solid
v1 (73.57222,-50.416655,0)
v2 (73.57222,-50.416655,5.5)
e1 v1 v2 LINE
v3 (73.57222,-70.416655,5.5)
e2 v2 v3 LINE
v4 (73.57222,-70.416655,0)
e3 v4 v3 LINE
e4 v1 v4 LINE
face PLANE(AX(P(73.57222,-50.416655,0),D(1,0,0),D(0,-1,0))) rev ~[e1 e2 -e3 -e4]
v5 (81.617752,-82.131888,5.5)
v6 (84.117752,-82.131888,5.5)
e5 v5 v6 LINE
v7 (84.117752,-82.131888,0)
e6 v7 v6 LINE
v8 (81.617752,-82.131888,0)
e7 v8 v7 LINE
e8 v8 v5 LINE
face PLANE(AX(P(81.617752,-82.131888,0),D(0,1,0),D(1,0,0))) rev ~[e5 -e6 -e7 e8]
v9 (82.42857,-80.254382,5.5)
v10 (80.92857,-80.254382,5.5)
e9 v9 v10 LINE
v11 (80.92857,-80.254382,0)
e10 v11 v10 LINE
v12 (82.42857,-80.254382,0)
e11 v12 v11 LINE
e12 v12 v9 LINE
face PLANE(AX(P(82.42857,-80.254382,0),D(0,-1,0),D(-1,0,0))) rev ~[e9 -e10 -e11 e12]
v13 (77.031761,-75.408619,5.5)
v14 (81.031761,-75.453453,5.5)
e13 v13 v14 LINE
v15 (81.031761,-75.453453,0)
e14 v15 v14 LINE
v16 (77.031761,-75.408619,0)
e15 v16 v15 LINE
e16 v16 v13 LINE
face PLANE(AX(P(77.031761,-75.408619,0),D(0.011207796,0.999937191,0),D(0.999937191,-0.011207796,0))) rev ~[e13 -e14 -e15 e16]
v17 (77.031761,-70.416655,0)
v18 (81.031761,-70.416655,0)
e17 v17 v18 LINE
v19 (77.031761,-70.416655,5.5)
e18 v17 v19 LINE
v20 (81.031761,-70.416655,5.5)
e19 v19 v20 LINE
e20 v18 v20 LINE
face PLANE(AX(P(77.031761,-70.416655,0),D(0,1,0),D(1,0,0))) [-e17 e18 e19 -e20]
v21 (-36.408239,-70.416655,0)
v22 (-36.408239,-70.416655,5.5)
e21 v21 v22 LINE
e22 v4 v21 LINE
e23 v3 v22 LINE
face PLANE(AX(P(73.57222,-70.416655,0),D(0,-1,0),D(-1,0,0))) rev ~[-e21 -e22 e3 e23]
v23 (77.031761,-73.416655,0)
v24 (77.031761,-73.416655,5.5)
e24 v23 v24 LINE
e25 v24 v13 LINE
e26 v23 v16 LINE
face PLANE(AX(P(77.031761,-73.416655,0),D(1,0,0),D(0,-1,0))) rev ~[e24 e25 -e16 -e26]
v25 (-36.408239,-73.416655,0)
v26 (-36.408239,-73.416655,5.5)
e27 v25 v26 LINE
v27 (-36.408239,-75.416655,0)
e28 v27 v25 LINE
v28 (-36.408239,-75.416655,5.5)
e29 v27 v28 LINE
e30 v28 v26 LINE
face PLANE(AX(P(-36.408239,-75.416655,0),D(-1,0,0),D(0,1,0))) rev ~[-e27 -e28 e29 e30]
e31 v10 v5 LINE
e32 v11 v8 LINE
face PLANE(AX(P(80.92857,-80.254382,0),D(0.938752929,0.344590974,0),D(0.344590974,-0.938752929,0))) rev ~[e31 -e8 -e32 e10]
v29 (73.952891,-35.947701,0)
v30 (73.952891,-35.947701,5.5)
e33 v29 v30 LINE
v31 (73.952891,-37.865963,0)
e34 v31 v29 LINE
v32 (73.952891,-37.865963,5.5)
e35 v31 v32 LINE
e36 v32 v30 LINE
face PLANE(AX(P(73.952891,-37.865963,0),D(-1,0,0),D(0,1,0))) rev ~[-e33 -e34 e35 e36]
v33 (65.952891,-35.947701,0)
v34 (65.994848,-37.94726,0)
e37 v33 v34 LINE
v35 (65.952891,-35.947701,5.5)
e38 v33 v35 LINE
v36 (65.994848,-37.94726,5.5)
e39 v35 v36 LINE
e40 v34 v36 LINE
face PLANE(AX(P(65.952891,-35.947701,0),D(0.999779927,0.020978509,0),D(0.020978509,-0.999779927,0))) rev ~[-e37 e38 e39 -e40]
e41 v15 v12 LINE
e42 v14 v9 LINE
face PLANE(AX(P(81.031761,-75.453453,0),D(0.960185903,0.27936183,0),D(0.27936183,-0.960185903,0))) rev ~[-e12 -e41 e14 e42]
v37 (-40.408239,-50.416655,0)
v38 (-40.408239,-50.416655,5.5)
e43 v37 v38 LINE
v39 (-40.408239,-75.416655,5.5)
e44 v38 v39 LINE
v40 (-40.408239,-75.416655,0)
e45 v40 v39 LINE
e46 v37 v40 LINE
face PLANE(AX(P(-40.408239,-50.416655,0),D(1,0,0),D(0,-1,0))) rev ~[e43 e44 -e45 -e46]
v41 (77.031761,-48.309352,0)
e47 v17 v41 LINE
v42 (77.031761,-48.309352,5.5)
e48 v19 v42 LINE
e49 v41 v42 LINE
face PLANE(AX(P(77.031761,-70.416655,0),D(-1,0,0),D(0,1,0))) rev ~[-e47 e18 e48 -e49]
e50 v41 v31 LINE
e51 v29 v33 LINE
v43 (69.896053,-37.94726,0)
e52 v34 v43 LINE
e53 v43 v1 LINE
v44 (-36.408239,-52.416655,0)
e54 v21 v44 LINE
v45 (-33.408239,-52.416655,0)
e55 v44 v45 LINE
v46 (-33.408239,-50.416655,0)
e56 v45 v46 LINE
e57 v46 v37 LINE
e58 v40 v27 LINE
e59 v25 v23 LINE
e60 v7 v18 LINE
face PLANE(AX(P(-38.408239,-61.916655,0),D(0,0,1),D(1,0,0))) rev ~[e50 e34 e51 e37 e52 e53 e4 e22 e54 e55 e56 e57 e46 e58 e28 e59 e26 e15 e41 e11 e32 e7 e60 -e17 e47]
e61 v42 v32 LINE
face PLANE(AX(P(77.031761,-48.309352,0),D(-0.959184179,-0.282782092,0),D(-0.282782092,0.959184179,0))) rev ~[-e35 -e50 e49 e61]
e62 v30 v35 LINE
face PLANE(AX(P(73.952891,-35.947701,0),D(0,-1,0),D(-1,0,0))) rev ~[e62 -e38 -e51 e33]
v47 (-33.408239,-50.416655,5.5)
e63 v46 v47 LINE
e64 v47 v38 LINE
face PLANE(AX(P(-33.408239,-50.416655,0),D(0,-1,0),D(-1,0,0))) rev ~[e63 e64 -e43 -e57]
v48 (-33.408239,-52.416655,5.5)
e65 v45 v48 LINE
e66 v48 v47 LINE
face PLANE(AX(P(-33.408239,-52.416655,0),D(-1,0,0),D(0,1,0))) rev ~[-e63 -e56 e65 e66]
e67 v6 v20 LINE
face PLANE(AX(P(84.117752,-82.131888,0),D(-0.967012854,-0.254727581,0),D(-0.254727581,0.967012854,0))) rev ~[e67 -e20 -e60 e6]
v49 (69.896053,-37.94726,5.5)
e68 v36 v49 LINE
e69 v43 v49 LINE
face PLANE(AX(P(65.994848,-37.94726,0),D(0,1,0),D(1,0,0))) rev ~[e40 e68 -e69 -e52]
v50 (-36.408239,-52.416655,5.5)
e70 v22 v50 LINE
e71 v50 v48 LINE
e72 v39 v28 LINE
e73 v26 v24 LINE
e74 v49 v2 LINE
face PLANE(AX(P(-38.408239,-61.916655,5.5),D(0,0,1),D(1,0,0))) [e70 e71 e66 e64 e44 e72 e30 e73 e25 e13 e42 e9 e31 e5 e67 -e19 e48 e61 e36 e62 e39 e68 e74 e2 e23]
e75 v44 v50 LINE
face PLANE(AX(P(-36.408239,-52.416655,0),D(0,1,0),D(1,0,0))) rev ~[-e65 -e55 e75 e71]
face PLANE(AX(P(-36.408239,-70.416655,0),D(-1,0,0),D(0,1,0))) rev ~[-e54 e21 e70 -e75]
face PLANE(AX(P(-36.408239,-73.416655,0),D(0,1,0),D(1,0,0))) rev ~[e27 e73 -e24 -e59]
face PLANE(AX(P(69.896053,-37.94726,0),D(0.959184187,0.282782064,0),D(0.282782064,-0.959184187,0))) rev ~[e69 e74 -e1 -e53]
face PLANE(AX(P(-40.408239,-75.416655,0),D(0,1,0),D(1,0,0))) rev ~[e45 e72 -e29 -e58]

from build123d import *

# Parameters (mm, degrees)
F0_W     = 3
F0_H     = 2
F0_W_2   = 4
F0_H_2   = 2.991964
F1_DEPTH = 5.5


with BuildPart() as f1:
    # F0 (on Top) → F1 (new body)
    with BuildSketch(Plane.XY):
        Polygon((-36.408239, -50.416655), (-40.408239, -50.416655), (-40.408239, -73.416655), (-36.408239, -73.416655), (-36.408239, -70.416655), (-36.408239, -52.416655), align=None)
        with Locations((-34.908239, -51.416655)):
            Rectangle(F0_W, F0_H)
        with Locations((-38.408239, -74.416655)):
            Rectangle(F0_W_2, F0_H)
        Polygon((-36.408239, -70.416655), (-36.408239, -73.416655), (77.031761, -73.416655), (77.031761, -73.408619), (77.031761, -70.416655), (73.57222, -70.416655), align=None)
        Polygon((77.031761, -73.408619), (77.031761, -73.416655), (77.031761, -75.408619), (81.031761, -75.453453), (81.031761, -73.408619), align=None)
        Polygon((73.57222, -50.416655), (73.57222, -70.416655), (77.031761, -70.416655), (77.031761, -48.309352), (73.952891, -37.865963), (73.952891, -35.947701), (65.952891, -35.947701), (65.994848, -37.94726), (69.896053, -37.94726), align=None)
        with Locations((79.031761, -71.912637)):
            Rectangle(F0_W_2, F0_H_2)
        Polygon((81.031761, -70.416655), (81.031761, -73.408619), (81.031761, -75.453453), (82.42857, -80.254382), (80.92857, -80.254382), (81.617752, -82.131888), (84.117752, -82.131888), align=None)
    extrude(amount=F1_DEPTH)


solid = f1.part
